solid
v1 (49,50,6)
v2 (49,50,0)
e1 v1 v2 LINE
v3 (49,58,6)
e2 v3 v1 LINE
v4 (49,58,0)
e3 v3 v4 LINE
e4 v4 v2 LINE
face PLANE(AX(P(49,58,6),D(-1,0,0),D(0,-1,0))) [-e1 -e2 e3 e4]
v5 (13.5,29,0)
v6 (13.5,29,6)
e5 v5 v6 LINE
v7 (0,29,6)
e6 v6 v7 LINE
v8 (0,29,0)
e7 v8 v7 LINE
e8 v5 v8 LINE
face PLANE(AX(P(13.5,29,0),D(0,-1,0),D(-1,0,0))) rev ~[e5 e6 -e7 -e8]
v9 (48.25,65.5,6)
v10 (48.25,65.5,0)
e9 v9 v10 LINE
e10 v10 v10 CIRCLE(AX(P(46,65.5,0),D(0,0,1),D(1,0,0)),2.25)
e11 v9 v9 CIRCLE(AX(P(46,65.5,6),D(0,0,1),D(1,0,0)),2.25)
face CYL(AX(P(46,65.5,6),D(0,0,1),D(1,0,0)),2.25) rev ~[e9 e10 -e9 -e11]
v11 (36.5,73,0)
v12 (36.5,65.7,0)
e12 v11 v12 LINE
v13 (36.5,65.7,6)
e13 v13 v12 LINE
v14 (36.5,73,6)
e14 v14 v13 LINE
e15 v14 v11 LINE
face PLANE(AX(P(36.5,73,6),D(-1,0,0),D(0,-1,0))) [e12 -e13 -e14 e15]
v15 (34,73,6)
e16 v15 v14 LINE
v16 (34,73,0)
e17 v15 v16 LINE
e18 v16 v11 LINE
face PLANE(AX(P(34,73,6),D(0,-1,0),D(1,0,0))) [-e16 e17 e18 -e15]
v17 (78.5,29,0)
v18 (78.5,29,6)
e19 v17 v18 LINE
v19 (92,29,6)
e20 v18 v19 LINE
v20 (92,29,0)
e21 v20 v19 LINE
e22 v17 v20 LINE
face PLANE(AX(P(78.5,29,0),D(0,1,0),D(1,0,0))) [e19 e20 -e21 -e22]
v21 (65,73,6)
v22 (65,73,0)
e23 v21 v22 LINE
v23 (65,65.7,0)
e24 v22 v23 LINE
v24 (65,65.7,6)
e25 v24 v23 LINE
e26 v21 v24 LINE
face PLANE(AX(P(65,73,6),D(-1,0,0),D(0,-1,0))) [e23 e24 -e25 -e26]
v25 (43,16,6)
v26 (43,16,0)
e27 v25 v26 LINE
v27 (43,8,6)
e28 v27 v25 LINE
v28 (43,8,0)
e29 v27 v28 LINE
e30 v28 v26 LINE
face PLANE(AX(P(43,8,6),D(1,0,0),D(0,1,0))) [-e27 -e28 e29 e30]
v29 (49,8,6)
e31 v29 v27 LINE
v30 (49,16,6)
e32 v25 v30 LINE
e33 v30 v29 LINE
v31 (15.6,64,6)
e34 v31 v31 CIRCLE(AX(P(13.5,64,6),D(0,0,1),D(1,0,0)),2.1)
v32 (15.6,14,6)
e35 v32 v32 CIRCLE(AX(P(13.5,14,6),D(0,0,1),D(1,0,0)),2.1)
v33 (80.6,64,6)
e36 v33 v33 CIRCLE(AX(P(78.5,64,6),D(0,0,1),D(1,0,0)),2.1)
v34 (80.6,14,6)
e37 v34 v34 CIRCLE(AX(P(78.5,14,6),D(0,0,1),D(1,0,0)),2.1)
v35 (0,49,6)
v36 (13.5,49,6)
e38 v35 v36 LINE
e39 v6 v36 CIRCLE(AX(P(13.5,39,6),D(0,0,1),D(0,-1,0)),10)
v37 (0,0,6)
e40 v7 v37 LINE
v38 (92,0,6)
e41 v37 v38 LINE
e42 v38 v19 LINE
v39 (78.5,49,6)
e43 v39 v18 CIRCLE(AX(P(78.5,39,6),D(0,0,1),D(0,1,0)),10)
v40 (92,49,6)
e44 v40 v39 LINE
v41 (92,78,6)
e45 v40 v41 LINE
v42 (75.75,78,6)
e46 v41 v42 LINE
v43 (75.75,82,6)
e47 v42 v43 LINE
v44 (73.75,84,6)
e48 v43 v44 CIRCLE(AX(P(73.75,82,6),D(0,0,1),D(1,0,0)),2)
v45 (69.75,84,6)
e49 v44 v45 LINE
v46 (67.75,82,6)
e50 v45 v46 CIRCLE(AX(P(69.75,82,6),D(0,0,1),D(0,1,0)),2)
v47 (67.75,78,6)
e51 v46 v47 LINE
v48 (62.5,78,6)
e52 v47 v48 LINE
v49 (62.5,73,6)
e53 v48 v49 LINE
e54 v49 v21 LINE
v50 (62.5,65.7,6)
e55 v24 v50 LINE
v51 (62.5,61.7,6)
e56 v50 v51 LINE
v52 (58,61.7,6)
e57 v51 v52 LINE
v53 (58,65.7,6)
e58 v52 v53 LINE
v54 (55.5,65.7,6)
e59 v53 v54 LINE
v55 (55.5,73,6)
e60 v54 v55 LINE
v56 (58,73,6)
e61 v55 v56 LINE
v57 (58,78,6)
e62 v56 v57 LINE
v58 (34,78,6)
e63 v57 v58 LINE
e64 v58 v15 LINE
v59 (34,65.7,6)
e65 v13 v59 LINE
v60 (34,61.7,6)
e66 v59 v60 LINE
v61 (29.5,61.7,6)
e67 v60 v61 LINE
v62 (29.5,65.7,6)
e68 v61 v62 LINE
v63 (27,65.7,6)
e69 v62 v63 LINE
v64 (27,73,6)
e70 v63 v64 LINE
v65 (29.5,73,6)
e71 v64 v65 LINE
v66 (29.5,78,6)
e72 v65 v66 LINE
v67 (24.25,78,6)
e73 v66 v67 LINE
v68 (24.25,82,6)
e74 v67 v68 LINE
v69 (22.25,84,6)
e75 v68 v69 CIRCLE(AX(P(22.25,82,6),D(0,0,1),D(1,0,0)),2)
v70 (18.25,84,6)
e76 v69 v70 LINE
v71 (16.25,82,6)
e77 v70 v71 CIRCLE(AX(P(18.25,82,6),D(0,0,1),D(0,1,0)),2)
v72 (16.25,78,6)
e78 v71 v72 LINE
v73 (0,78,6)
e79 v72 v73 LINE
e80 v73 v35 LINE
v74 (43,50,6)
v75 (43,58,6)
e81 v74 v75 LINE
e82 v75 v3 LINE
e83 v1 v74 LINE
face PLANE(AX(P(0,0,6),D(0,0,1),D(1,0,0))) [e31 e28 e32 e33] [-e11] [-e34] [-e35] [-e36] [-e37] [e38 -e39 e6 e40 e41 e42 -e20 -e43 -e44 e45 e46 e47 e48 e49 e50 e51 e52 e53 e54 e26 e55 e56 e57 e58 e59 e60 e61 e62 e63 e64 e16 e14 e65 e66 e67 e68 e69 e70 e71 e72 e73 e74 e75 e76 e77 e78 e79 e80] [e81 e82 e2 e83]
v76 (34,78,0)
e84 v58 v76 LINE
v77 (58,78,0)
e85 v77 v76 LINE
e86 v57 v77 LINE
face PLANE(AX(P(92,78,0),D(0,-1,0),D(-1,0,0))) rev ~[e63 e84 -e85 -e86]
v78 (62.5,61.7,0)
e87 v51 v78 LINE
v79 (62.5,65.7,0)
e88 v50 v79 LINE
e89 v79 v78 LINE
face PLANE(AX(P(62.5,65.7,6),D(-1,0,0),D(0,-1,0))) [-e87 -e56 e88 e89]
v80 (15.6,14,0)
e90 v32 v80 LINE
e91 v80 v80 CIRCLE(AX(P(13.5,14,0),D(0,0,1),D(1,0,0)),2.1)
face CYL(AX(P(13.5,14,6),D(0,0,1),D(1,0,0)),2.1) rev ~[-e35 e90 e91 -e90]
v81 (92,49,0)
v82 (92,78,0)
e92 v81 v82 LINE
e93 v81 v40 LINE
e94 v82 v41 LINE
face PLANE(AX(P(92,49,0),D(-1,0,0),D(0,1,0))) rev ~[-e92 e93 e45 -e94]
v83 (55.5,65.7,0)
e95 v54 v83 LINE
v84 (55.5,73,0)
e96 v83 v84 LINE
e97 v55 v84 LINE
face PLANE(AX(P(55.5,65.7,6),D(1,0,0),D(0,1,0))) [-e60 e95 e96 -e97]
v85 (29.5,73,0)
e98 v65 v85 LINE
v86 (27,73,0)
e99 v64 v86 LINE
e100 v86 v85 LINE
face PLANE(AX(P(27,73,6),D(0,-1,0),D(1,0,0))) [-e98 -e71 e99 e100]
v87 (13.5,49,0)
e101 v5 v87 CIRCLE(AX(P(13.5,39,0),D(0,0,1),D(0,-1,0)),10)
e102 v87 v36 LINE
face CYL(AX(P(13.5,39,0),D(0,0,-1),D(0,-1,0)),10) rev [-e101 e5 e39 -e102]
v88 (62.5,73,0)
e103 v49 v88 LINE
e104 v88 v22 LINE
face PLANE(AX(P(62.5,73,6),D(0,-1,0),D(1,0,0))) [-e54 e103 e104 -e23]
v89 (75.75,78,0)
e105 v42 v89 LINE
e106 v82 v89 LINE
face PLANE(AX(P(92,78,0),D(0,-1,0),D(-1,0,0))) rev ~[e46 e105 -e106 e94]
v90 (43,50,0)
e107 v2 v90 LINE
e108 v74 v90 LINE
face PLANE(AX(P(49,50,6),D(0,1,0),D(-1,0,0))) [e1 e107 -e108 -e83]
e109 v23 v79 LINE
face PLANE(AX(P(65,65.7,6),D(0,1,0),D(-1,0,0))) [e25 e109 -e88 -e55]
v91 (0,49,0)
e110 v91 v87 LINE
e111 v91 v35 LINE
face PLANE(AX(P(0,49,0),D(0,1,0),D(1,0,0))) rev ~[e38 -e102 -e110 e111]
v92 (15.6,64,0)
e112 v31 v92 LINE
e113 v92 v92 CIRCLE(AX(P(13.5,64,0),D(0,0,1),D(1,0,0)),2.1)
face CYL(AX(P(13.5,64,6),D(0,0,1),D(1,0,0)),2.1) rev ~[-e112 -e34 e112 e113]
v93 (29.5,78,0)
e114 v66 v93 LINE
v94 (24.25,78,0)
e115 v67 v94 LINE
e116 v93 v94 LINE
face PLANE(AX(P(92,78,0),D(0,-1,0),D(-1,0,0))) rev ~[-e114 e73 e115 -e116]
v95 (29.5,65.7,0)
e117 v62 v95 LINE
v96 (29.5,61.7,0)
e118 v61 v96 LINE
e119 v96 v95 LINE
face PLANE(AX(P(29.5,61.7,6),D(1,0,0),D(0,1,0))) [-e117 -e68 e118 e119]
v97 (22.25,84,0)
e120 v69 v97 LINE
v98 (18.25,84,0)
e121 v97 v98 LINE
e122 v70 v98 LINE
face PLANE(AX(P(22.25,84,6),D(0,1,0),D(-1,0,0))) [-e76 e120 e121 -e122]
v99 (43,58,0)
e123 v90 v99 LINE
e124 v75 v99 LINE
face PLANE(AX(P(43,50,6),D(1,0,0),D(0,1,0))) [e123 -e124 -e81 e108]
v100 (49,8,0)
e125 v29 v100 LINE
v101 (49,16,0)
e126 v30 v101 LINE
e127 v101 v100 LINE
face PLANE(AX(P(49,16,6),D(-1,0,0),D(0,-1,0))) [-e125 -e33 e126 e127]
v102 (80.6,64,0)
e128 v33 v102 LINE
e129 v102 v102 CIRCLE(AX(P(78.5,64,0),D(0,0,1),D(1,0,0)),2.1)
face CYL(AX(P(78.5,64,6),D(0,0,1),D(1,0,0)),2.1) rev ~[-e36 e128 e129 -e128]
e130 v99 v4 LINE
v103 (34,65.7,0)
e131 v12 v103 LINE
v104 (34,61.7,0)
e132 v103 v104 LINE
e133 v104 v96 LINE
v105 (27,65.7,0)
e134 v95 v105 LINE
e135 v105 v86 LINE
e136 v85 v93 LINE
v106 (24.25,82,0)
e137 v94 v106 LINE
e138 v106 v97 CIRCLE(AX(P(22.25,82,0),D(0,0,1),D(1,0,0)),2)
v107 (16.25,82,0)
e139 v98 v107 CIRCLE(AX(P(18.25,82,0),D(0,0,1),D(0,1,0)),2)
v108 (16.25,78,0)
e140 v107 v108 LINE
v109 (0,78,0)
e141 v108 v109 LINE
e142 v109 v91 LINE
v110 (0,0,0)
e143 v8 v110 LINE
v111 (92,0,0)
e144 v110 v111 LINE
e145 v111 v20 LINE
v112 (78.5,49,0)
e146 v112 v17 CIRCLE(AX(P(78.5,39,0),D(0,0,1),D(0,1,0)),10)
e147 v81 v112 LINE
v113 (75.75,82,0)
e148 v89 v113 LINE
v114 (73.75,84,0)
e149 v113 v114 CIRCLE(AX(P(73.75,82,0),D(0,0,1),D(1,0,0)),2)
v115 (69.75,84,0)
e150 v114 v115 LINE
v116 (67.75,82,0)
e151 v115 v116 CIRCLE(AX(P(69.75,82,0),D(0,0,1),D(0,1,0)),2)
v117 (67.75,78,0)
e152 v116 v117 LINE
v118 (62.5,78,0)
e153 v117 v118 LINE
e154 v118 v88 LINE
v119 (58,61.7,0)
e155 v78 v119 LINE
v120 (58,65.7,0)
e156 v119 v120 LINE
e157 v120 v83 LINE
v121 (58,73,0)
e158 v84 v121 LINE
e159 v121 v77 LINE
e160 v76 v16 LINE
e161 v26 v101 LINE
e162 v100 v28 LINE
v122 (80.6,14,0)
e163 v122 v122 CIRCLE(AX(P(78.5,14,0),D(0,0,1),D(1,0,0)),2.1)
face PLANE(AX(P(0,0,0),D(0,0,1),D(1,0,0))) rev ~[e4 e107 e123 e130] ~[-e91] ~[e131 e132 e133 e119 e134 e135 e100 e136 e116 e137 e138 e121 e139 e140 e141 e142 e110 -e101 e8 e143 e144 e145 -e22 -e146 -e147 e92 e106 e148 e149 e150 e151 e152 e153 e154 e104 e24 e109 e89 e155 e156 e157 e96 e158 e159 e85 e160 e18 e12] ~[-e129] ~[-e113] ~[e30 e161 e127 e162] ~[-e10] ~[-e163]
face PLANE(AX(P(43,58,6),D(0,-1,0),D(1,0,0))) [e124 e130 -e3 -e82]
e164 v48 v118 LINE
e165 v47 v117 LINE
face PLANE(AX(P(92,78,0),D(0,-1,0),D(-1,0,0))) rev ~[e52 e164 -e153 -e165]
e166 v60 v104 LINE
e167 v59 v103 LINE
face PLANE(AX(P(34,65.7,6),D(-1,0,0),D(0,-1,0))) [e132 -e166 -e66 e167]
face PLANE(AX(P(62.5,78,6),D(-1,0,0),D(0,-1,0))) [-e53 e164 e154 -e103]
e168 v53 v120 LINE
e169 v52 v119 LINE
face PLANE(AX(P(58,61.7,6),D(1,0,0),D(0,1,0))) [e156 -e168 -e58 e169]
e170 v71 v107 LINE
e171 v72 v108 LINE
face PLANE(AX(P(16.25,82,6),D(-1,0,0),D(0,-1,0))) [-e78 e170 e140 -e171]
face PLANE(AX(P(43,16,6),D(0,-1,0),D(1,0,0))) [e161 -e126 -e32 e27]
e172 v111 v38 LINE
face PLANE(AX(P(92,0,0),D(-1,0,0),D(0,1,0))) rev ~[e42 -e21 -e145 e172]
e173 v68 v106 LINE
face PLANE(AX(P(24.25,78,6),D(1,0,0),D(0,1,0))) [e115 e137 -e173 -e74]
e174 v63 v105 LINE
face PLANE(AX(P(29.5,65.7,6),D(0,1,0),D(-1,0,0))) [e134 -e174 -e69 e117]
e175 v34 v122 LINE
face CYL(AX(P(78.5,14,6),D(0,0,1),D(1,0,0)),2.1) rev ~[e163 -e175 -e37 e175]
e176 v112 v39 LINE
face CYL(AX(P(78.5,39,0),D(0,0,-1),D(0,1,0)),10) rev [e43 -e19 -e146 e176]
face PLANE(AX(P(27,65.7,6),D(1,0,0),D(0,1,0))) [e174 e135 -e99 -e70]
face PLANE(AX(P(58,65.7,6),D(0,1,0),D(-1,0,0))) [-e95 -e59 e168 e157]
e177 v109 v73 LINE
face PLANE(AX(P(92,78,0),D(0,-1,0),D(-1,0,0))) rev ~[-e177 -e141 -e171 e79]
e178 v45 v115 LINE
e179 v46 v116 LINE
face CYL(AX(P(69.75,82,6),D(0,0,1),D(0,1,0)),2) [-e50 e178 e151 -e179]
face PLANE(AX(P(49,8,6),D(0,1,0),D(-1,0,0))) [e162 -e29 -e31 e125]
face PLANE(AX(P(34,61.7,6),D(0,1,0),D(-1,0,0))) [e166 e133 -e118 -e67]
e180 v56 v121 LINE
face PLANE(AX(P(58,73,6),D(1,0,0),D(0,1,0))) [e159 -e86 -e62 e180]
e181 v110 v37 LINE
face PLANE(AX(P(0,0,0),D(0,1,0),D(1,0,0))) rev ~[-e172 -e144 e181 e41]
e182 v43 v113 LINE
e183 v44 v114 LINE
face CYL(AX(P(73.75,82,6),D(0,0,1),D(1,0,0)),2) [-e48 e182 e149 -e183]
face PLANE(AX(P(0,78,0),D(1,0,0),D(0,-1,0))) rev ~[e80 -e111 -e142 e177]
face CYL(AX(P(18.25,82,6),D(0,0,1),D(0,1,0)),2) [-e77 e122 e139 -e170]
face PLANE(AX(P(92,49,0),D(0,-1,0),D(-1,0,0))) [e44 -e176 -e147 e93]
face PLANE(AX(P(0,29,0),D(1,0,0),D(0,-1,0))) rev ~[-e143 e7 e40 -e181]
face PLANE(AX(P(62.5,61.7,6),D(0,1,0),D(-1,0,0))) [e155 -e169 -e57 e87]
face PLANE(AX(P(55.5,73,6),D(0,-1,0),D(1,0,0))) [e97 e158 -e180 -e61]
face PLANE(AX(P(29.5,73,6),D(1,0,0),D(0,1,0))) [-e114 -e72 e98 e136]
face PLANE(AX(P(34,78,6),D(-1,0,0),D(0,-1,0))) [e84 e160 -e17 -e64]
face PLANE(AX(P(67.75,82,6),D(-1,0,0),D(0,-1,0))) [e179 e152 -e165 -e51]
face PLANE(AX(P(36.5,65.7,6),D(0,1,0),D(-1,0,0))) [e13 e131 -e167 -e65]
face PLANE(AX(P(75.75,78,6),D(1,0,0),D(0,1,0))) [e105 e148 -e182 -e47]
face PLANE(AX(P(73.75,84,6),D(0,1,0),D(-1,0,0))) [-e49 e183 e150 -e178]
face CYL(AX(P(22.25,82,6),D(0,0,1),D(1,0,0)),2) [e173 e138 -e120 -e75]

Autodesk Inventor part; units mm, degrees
ref_plane "YZ Plane" through (0, 0, 0) normal (1, 0, 0) x (0, 1, 0)
ref_plane "XZ Plane" through (0, 0, 0) normal (0, 1, 0) x (-1, 0, 0)
ref_plane "XY Plane" through (0, 0, 0) normal (0, 0, 1) x (1, 0, 0)
sketch "Sketch1" plane through (0, 0, 0) normal (0, 0, 1) x (1, 0, 0)
  line L0 (0, 0) -> (92, 0)
  line L1 (92, 78) -> (0, 78)
  line L2 (0, 49) -> (13.5, 49)
  arc A0 (13.5, 29) -> (13.5, 49) centre (13.5, 39) ccw
  line L3 (13.5, 29) -> (0, 29)
  line L4 (92, 49) -> (78.5, 49)
  arc A1 (78.5, 49) -> (78.5, 29) centre (78.5, 39) ccw
  line L5 (78.5, 29) -> (92, 29)
  line L6 (0, 78) -> (0, 49)
  line L7 (0, 29) -> (0, 0)
  line L8 (92, 0) -> (92, 29)
  line L9 (92, 49) -> (92, 78)
  dimension "d0" = 92
  dimension "d1" = 20
  dimension "d2" = 78
  dimension "d3" = 39
  dimension "d11" = 65
extrude "Extrusion1" add sketch "Sketch1" along normal blind 6
sketch "Sketch2" plane through (0, 0, 6) normal (0, 0, 1) x (1, 0, 0)
  arc A0 (78.5, 49) -> (78.5, 29) centre (78.5, 39) ccw projected
  arc A1 (13.5, 29) -> (13.5, 49) centre (13.5, 39) ccw projected
  line L0 (13.5, 64) -> (78.5, 64) construction
  line L1 (78.5, 64) -> (78.5, 14) construction
  line L2 (78.5, 14) -> (13.5, 14) construction
  line L3 (13.5, 14) -> (13.5, 64) construction
  circle A2 centre (13.5, 64) radius 2.1
  circle A3 centre (13.5, 14) radius 2.1
  circle A4 centre (78.5, 14) radius 2.1
  circle A5 centre (78.5, 64) radius 2.1
  dimension "d7" = 4.2
  dimension "d8" = 50
extrude "Extrusion2" cut sketch "Sketch2" against normal blind 6
sketch "Sketch3" plane through (0, 0, 6) normal (0, 0, 1) x (1, 0, 0)
  line L0 (92, 78) -> (0, 78) projected
  line L1 (29.5, 78) -> (34, 78)
  line L2 (34, 61.7) -> (29.5, 61.7)
  line L3 (36.5, 73) -> (36.5, 65.7)
  line L4 (27, 65.7) -> (27, 73)
  line L5 (34, 78) -> (34, 73)
  line L6 (34, 65.7) -> (34, 61.7)
  line L7 (29.5, 61.7) -> (29.5, 65.7)
  line L8 (29.5, 73) -> (29.5, 78)
  line L9 (27, 73) -> (29.5, 73)
  line L10 (34, 73) -> (36.5, 73)
  line L11 (36.5, 65.7) -> (34, 65.7)
  line L12 (29.5, 65.7) -> (27, 65.7)
  line L13 (58, 78) -> (62.5, 78)
  line L14 (62.5, 61.7) -> (58, 61.7)
  line L15 (65, 73) -> (65, 65.7)
  line L16 (55.5, 65.7) -> (55.5, 73)
  line L17 (62.5, 78) -> (62.5, 73)
  line L18 (62.5, 65.7) -> (62.5, 61.7)
  line L19 (58, 61.7) -> (58, 65.7)
  line L20 (58, 73) -> (58, 78)
  line L21 (55.5, 73) -> (58, 73)
  line L22 (62.5, 73) -> (65, 73)
  line L23 (65, 65.7) -> (62.5, 65.7)
  line L24 (58, 65.7) -> (55.5, 65.7)
  line L25 (36.5, 69.35) -> (55.5, 69.35) construction
  point P0 (31.75, 61.7)
  point P1 (60.25, 61.7)
  point P2 (46, 69.35)
  point P3 (46, 78)
  dimension "d12" = 7.3
  dimension "d13" = 4
  dimension "d14" = 5
  dimension "d15" = 2.5
  dimension "d16" = 4.5
  dimension "d17" = 7.3
  dimension "d18" = 4
  dimension "d19" = 5
  dimension "d20" = 2.5
  dimension "d21" = 4.5
  dimension "d22" = 38
extrude "Extrusion3" cut sketch "Sketch3" against normal blind 6
sketch "Sketch4" plane through (0, 0, 6) normal (0, 0, 1) x (1, 0, 0)
  line L0 (29.5, 78) -> (0, 78) projected
  line L1 (92, 78) -> (62.5, 78) projected
  line L2 (62.5, 61.7) -> (58, 61.7) projected
  line L3 (34, 61.7) -> (29.5, 61.7) projected
  line L4 (16.25, 78) -> (24.25, 78)
  line L5 (24.25, 78) -> (24.25, 82)
  line L6 (22.25, 84) -> (18.25, 84)
  line L7 (16.25, 82) -> (16.25, 78)
  line L8 (67.75, 78) -> (75.75, 78)
  line L9 (75.75, 78) -> (75.75, 82)
  line L10 (73.75, 84) -> (69.75, 84)
  line L11 (67.75, 82) -> (67.75, 78)
  arc A0 (18.25, 84) -> (16.25, 82) centre (18.25, 82) ccw
  arc A1 (24.25, 82) -> (22.25, 84) centre (22.25, 82) ccw
  arc A2 (69.75, 84) -> (67.75, 82) centre (69.75, 82) ccw
  arc A3 (75.75, 82) -> (73.75, 84) centre (73.75, 82) ccw
  point P0 (31.75, 61.7)
  point P1 (60.25, 61.7)
  dimension "d25" = 2
  dimension "d26" = 8
  dimension "d27" = 8
  dimension "d28" = 7.5
  dimension "d29" = 7.5
  dimension "d30" = 6
extrude "Extrusion4" add sketch "Sketch4" against normal blind 6
sketch "Sketch5" plane through (0, 0, 6) normal (0, 0, 1) x (1, 0, 0)
  line L0 (0, 0) -> (92, 0) projected
  line L1 (58, 78) -> (34, 78) projected
  line L2 (43, 58) -> (49, 58)
  line L3 (49, 58) -> (49, 50)
  line L4 (49, 50) -> (43, 50)
  line L5 (43, 50) -> (43, 58)
  line L6 (43, 16) -> (49, 16)
  line L7 (49, 16) -> (49, 8)
  line L8 (49, 8) -> (43, 8)
  line L9 (43, 8) -> (43, 16)
  point P0 (46, 0)
  point P1 (46, 8)
  dimension "d33" = 6
  dimension "d34" = 8
  dimension "d35" = 20
  dimension "d36" = 8
extrude "Extrusion5" cut sketch "Sketch5" against normal blind 6
sketch "Sketch6" plane through (0, 0, 6) normal (0, 0, 1) x (1, 0, 0)
  line L0 (43, 58) -> (49, 58) projected
  line L1 (58, 78) -> (34, 78) projected
  circle A0 centre (46, 65.5) radius 2.25
  point P0 (46, 58)
  dimension "d39" = 4.5
  dimension "d40" = 12.5
extrude "Extrusion6" cut sketch "Sketch6" against normal through all
equation "\"d3\" = 0.5 * d2"
properties part number "x_carryage_extruder_mount"
